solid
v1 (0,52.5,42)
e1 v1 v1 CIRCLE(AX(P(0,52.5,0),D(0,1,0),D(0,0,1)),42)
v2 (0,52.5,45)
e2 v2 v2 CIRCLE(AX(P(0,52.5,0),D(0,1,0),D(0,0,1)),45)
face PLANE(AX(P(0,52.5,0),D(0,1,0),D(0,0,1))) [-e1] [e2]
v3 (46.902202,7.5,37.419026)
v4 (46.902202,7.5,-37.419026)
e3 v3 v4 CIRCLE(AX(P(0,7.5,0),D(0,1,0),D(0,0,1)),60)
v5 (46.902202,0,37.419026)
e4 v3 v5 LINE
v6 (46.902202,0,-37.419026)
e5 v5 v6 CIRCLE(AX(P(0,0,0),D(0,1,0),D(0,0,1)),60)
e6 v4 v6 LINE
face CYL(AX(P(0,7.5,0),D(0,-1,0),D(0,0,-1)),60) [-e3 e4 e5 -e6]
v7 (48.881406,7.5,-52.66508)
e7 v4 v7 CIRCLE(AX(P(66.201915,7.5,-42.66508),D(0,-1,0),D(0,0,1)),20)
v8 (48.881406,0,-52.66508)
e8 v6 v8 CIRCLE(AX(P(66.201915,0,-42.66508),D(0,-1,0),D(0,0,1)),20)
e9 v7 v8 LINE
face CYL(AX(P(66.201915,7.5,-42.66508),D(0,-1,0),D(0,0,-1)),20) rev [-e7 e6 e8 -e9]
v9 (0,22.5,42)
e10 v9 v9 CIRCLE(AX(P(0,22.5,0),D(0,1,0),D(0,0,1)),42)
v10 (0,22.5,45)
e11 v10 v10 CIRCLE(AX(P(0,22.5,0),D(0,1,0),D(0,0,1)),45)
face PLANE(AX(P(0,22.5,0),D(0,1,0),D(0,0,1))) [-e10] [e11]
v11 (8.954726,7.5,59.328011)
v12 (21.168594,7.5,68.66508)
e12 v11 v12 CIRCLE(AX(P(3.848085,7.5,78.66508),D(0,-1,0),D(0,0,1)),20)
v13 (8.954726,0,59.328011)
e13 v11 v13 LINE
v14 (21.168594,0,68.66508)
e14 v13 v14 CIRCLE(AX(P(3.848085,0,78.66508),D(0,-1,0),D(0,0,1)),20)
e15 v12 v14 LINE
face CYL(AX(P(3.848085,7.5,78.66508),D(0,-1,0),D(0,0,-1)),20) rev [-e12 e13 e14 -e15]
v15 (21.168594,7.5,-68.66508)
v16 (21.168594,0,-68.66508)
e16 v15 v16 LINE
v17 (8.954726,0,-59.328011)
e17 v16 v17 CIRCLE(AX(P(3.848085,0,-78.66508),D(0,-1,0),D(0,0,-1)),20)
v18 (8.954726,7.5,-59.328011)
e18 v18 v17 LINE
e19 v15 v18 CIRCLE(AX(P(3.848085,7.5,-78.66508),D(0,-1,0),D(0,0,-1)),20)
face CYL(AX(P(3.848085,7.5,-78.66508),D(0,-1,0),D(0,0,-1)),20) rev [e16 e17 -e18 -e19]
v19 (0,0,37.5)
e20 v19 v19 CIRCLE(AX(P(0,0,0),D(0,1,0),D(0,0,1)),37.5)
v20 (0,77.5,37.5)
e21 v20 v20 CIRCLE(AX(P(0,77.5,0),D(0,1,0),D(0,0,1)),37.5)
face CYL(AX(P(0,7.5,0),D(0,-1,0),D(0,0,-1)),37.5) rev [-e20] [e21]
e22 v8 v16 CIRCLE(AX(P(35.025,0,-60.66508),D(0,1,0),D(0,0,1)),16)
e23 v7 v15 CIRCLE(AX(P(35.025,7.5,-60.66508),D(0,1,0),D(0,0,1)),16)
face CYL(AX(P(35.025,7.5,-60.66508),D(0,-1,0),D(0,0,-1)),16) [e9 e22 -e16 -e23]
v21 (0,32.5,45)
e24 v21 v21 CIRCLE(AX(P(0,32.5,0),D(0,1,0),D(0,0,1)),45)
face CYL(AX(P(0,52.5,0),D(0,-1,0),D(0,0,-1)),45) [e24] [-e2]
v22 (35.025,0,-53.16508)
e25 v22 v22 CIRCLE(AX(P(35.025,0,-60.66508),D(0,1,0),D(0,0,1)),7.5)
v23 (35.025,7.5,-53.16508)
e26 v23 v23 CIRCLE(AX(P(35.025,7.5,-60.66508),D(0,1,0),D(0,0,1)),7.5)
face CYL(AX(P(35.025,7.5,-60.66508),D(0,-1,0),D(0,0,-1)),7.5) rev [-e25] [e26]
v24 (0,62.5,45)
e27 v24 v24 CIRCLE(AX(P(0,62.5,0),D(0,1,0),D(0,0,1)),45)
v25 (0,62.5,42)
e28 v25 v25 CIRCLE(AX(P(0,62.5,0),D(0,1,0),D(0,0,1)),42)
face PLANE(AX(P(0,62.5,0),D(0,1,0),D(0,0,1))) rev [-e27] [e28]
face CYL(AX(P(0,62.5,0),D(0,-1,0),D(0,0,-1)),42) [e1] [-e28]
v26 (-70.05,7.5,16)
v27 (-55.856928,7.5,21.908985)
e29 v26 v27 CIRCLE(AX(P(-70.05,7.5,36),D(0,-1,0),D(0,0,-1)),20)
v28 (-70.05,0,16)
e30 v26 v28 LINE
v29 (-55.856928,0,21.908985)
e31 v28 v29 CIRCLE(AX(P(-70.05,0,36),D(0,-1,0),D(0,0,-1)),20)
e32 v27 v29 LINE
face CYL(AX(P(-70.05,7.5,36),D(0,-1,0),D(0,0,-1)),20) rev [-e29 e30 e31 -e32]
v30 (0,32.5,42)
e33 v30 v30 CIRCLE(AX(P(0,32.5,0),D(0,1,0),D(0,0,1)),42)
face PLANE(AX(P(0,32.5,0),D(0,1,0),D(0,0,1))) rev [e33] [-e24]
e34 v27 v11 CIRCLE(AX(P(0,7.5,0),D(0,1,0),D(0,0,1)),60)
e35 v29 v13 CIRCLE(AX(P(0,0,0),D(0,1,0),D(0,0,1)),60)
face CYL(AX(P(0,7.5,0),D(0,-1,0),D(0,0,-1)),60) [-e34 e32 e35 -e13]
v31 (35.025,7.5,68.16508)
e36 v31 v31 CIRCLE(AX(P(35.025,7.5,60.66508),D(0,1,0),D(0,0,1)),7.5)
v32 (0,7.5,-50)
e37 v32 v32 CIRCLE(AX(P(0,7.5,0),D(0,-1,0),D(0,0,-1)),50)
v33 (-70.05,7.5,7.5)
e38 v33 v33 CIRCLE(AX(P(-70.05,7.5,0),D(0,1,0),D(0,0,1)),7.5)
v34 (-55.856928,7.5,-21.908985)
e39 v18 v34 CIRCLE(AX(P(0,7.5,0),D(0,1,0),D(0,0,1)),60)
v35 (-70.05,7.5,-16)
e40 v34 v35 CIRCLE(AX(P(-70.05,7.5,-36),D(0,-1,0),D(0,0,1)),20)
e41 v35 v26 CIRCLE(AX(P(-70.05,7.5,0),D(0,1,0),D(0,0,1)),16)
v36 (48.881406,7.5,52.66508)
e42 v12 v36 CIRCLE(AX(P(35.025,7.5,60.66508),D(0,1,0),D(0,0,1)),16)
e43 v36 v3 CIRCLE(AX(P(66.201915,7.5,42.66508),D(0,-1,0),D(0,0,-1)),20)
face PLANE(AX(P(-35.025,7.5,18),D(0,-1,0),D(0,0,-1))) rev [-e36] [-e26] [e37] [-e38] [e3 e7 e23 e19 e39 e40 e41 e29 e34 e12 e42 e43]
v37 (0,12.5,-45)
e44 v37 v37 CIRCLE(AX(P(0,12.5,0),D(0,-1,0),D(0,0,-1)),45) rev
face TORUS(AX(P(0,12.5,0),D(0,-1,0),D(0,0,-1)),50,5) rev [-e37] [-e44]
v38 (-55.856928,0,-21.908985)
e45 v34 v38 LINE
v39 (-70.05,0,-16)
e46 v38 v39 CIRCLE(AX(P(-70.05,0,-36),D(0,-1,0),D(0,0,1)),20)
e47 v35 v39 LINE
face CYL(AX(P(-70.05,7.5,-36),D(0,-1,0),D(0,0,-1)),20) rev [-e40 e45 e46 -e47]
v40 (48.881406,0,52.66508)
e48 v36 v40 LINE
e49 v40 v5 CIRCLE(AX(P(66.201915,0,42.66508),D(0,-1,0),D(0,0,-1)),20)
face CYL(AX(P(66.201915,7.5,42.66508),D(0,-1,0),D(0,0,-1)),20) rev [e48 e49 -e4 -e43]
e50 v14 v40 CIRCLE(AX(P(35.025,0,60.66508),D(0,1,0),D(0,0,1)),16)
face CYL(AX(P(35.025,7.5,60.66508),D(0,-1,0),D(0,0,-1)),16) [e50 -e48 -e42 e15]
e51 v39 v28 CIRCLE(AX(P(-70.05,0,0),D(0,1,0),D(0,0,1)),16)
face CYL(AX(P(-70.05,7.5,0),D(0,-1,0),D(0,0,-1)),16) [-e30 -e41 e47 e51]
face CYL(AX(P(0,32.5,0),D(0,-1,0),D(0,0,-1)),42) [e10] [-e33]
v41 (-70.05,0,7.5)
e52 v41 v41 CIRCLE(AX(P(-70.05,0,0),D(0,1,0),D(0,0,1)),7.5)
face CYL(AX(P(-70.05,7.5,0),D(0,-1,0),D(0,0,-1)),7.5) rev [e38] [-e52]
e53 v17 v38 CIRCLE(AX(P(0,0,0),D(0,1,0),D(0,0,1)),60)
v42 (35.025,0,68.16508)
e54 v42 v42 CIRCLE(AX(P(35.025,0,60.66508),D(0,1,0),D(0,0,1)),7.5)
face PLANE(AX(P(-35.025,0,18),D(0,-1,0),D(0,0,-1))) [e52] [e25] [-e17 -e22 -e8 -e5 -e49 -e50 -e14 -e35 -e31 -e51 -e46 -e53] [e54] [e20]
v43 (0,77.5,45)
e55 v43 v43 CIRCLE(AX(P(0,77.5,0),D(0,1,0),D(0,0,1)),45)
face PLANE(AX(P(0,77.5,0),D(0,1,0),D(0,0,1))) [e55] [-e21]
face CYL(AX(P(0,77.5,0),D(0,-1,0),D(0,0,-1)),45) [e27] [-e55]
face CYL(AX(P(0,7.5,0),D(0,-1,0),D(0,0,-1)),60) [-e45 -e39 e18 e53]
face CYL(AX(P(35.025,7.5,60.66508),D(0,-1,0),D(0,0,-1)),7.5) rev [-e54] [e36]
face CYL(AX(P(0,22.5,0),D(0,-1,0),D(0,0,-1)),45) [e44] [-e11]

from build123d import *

# Parameters (mm, degrees)
SKETCH2_R           = 37.5
SKETCH2_R_2         = 7.5
BOSS_EXTRUDE1_DEPTH = 7.5
SKETCH3_R           = 45
SKETCH3_R_2         = 37.5
BOSS_EXTRUDE2_DEPTH = 15
SKETCH4_R           = 42
SKETCH4_R_2         = 37.5
BOSS_EXTRUDE3_DEPTH = 10
SKETCH5_R           = 45
SKETCH5_R_2         = 42
SKETCH5_R_3         = 37.5
BOSS_EXTRUDE4_DEPTH = 20
SKETCH6_R           = 42
SKETCH6_R_2         = 37.5
BOSS_EXTRUDE5_DEPTH = 10
SKETCH7_R           = 45
SKETCH7_R_2         = 37.5
BOSS_EXTRUDE6_DEPTH = 15
FILLET1_R           = 5


with BuildPart() as part:
    # Sketch2 → Boss-Extrude1 (new body)
    with BuildSketch(Plane(origin=(0, 0, 0), x_dir=(1, 0, 0), z_dir=(0, 1, 0))):
        with BuildLine():
            ThreePointArc((8.95472604, 59.328010935), (-30, 51.961524227), (-55.856927646, 21.908985233))
            ThreePointArc((-55.856927646, 21.908985233), (-62.363007589, 17.536247736), (-70.05, 16))
            ThreePointArc((-70.05, 16), (-86.05, 0), (-70.05, -16))
            ThreePointArc((-70.05, -16), (-62.363007589, -17.536247736), (-55.856927646, -21.908985233))
            ThreePointArc((-55.856927646, -21.908985233), (-30, -51.961524227), (8.95472604, -59.328010935))
            ThreePointArc((8.95472604, -59.328010935), (15.994667768, -62.776072696), (21.168593539, -68.665079535))
            ThreePointArc((21.168593539, -68.665079535), (43.025, -74.521485996), (48.881406461, -52.665079535))
            ThreePointArc((48.881406461, -52.665079535), (46.368339821, -45.23982496), (46.902201606, -37.419025702))
            ThreePointArc((46.902201606, -37.419025702), (60, 0), (46.902201606, 37.419025702))
            ThreePointArc((46.902201606, 37.419025702), (46.368339821, 45.23982496), (48.881406461, 52.665079535))
            ThreePointArc((48.881406461, 52.665079535), (43.025, 74.521485996), (21.168593539, 68.665079535))
            ThreePointArc((21.168593539, 68.665079535), (15.994667768, 62.776072696), (8.95472604, 59.328010935))
        make_face()
        with Locations(Location((0, 0, 0), (0, 0, 270))):
            Circle(SKETCH2_R, mode=Mode.SUBTRACT)
        with Locations(Location((-70.05, 0, 0), (0, 0, 270))):
            Circle(SKETCH2_R_2, mode=Mode.SUBTRACT)
        with Locations(Location((35.025, 60.665079535, 0), (0, 0, 270))):
            Circle(SKETCH2_R_2, mode=Mode.SUBTRACT)
        with Locations(Location((35.025, -60.665079535, 0), (0, 0, 270))):
            Circle(SKETCH2_R_2, mode=Mode.SUBTRACT)
    extrude(amount=BOSS_EXTRUDE1_DEPTH)

    # Sketch3 → Boss-Extrude2 (add)
    with BuildSketch(Plane(origin=(0, 7.5, 0), x_dir=(1, 0, 0), z_dir=(0, 1, 0))):
        with Locations(Location((0, 0, 0), (0, 0, 90))):
            Circle(SKETCH3_R)
        with Locations(Location((0, 0, 0), (0, 0, 270))):
            Circle(SKETCH3_R_2, mode=Mode.SUBTRACT)
    extrude(amount=BOSS_EXTRUDE2_DEPTH)

    # Sketch4 → Boss-Extrude3 (add)
    with BuildSketch(Plane(origin=(0, 22.5, 0), x_dir=(1, 0, 0), z_dir=(0, 1, 0))):
        with Locations(Location((0, 0, 0), (0, 0, 270))):
            Circle(SKETCH4_R)
        with Locations(Location((0, 0, 0), (0, 0, 270))):
            Circle(SKETCH4_R_2, mode=Mode.SUBTRACT)
    extrude(amount=BOSS_EXTRUDE3_DEPTH)

    # Sketch5 → Boss-Extrude4 (add)
    # profile 1 of 2: a face of its own
    with BuildSketch(Plane(origin=(0, 32.5, 0), x_dir=(1, 0, 0), z_dir=(0, 1, 0))):
        with Locations(Location((0, 0, 0), (0, 0, 90))):
            Circle(SKETCH5_R)
        with Locations(Location((0, 0, 0), (0, 0, 270))):
            Circle(SKETCH5_R_2, mode=Mode.SUBTRACT)
    # profile 2 of 2: a face of its own
    with BuildSketch(Plane(origin=(0, 32.5, 0), x_dir=(1, 0, 0), z_dir=(0, 1, 0))):
        with Locations(Location((0, 0, 0), (0, 0, 270))):
            Circle(SKETCH5_R_2)
        with Locations(Location((0, 0, 0), (0, 0, 270))):
            Circle(SKETCH5_R_3, mode=Mode.SUBTRACT)
    extrude(amount=BOSS_EXTRUDE4_DEPTH)

    # Sketch6 → Boss-Extrude5 (add)
    with BuildSketch(Plane(origin=(0, 52.5, 0), x_dir=(1, 0, 0), z_dir=(0, 1, 0))):
        with Locations(Location((0, 0, 0), (0, 0, 270))):
            Circle(SKETCH6_R)
        with Locations(Location((0, 0, 0), (0, 0, 270))):
            Circle(SKETCH6_R_2, mode=Mode.SUBTRACT)
    extrude(amount=BOSS_EXTRUDE5_DEPTH)

    # Sketch7 → Boss-Extrude6 (add)
    with BuildSketch(Plane(origin=(0, 62.5, 0), x_dir=(1, 0, 0), z_dir=(0, 1, 0))):
        with Locations(Location((0, 0, 0), (0, 0, 90))):
            Circle(SKETCH7_R)
        with Locations(Location((0, 0, 0), (0, 0, 270))):
            Circle(SKETCH7_R_2, mode=Mode.SUBTRACT)
    extrude(amount=BOSS_EXTRUDE6_DEPTH)

    # Fillet1
    fillet1_edges = [part.edges().sort_by_distance(p)[0] for p in [
        (0, 7.5, 45),
    ]]
    fillet(fillet1_edges, radius=FILLET1_R)


solid = part.part
